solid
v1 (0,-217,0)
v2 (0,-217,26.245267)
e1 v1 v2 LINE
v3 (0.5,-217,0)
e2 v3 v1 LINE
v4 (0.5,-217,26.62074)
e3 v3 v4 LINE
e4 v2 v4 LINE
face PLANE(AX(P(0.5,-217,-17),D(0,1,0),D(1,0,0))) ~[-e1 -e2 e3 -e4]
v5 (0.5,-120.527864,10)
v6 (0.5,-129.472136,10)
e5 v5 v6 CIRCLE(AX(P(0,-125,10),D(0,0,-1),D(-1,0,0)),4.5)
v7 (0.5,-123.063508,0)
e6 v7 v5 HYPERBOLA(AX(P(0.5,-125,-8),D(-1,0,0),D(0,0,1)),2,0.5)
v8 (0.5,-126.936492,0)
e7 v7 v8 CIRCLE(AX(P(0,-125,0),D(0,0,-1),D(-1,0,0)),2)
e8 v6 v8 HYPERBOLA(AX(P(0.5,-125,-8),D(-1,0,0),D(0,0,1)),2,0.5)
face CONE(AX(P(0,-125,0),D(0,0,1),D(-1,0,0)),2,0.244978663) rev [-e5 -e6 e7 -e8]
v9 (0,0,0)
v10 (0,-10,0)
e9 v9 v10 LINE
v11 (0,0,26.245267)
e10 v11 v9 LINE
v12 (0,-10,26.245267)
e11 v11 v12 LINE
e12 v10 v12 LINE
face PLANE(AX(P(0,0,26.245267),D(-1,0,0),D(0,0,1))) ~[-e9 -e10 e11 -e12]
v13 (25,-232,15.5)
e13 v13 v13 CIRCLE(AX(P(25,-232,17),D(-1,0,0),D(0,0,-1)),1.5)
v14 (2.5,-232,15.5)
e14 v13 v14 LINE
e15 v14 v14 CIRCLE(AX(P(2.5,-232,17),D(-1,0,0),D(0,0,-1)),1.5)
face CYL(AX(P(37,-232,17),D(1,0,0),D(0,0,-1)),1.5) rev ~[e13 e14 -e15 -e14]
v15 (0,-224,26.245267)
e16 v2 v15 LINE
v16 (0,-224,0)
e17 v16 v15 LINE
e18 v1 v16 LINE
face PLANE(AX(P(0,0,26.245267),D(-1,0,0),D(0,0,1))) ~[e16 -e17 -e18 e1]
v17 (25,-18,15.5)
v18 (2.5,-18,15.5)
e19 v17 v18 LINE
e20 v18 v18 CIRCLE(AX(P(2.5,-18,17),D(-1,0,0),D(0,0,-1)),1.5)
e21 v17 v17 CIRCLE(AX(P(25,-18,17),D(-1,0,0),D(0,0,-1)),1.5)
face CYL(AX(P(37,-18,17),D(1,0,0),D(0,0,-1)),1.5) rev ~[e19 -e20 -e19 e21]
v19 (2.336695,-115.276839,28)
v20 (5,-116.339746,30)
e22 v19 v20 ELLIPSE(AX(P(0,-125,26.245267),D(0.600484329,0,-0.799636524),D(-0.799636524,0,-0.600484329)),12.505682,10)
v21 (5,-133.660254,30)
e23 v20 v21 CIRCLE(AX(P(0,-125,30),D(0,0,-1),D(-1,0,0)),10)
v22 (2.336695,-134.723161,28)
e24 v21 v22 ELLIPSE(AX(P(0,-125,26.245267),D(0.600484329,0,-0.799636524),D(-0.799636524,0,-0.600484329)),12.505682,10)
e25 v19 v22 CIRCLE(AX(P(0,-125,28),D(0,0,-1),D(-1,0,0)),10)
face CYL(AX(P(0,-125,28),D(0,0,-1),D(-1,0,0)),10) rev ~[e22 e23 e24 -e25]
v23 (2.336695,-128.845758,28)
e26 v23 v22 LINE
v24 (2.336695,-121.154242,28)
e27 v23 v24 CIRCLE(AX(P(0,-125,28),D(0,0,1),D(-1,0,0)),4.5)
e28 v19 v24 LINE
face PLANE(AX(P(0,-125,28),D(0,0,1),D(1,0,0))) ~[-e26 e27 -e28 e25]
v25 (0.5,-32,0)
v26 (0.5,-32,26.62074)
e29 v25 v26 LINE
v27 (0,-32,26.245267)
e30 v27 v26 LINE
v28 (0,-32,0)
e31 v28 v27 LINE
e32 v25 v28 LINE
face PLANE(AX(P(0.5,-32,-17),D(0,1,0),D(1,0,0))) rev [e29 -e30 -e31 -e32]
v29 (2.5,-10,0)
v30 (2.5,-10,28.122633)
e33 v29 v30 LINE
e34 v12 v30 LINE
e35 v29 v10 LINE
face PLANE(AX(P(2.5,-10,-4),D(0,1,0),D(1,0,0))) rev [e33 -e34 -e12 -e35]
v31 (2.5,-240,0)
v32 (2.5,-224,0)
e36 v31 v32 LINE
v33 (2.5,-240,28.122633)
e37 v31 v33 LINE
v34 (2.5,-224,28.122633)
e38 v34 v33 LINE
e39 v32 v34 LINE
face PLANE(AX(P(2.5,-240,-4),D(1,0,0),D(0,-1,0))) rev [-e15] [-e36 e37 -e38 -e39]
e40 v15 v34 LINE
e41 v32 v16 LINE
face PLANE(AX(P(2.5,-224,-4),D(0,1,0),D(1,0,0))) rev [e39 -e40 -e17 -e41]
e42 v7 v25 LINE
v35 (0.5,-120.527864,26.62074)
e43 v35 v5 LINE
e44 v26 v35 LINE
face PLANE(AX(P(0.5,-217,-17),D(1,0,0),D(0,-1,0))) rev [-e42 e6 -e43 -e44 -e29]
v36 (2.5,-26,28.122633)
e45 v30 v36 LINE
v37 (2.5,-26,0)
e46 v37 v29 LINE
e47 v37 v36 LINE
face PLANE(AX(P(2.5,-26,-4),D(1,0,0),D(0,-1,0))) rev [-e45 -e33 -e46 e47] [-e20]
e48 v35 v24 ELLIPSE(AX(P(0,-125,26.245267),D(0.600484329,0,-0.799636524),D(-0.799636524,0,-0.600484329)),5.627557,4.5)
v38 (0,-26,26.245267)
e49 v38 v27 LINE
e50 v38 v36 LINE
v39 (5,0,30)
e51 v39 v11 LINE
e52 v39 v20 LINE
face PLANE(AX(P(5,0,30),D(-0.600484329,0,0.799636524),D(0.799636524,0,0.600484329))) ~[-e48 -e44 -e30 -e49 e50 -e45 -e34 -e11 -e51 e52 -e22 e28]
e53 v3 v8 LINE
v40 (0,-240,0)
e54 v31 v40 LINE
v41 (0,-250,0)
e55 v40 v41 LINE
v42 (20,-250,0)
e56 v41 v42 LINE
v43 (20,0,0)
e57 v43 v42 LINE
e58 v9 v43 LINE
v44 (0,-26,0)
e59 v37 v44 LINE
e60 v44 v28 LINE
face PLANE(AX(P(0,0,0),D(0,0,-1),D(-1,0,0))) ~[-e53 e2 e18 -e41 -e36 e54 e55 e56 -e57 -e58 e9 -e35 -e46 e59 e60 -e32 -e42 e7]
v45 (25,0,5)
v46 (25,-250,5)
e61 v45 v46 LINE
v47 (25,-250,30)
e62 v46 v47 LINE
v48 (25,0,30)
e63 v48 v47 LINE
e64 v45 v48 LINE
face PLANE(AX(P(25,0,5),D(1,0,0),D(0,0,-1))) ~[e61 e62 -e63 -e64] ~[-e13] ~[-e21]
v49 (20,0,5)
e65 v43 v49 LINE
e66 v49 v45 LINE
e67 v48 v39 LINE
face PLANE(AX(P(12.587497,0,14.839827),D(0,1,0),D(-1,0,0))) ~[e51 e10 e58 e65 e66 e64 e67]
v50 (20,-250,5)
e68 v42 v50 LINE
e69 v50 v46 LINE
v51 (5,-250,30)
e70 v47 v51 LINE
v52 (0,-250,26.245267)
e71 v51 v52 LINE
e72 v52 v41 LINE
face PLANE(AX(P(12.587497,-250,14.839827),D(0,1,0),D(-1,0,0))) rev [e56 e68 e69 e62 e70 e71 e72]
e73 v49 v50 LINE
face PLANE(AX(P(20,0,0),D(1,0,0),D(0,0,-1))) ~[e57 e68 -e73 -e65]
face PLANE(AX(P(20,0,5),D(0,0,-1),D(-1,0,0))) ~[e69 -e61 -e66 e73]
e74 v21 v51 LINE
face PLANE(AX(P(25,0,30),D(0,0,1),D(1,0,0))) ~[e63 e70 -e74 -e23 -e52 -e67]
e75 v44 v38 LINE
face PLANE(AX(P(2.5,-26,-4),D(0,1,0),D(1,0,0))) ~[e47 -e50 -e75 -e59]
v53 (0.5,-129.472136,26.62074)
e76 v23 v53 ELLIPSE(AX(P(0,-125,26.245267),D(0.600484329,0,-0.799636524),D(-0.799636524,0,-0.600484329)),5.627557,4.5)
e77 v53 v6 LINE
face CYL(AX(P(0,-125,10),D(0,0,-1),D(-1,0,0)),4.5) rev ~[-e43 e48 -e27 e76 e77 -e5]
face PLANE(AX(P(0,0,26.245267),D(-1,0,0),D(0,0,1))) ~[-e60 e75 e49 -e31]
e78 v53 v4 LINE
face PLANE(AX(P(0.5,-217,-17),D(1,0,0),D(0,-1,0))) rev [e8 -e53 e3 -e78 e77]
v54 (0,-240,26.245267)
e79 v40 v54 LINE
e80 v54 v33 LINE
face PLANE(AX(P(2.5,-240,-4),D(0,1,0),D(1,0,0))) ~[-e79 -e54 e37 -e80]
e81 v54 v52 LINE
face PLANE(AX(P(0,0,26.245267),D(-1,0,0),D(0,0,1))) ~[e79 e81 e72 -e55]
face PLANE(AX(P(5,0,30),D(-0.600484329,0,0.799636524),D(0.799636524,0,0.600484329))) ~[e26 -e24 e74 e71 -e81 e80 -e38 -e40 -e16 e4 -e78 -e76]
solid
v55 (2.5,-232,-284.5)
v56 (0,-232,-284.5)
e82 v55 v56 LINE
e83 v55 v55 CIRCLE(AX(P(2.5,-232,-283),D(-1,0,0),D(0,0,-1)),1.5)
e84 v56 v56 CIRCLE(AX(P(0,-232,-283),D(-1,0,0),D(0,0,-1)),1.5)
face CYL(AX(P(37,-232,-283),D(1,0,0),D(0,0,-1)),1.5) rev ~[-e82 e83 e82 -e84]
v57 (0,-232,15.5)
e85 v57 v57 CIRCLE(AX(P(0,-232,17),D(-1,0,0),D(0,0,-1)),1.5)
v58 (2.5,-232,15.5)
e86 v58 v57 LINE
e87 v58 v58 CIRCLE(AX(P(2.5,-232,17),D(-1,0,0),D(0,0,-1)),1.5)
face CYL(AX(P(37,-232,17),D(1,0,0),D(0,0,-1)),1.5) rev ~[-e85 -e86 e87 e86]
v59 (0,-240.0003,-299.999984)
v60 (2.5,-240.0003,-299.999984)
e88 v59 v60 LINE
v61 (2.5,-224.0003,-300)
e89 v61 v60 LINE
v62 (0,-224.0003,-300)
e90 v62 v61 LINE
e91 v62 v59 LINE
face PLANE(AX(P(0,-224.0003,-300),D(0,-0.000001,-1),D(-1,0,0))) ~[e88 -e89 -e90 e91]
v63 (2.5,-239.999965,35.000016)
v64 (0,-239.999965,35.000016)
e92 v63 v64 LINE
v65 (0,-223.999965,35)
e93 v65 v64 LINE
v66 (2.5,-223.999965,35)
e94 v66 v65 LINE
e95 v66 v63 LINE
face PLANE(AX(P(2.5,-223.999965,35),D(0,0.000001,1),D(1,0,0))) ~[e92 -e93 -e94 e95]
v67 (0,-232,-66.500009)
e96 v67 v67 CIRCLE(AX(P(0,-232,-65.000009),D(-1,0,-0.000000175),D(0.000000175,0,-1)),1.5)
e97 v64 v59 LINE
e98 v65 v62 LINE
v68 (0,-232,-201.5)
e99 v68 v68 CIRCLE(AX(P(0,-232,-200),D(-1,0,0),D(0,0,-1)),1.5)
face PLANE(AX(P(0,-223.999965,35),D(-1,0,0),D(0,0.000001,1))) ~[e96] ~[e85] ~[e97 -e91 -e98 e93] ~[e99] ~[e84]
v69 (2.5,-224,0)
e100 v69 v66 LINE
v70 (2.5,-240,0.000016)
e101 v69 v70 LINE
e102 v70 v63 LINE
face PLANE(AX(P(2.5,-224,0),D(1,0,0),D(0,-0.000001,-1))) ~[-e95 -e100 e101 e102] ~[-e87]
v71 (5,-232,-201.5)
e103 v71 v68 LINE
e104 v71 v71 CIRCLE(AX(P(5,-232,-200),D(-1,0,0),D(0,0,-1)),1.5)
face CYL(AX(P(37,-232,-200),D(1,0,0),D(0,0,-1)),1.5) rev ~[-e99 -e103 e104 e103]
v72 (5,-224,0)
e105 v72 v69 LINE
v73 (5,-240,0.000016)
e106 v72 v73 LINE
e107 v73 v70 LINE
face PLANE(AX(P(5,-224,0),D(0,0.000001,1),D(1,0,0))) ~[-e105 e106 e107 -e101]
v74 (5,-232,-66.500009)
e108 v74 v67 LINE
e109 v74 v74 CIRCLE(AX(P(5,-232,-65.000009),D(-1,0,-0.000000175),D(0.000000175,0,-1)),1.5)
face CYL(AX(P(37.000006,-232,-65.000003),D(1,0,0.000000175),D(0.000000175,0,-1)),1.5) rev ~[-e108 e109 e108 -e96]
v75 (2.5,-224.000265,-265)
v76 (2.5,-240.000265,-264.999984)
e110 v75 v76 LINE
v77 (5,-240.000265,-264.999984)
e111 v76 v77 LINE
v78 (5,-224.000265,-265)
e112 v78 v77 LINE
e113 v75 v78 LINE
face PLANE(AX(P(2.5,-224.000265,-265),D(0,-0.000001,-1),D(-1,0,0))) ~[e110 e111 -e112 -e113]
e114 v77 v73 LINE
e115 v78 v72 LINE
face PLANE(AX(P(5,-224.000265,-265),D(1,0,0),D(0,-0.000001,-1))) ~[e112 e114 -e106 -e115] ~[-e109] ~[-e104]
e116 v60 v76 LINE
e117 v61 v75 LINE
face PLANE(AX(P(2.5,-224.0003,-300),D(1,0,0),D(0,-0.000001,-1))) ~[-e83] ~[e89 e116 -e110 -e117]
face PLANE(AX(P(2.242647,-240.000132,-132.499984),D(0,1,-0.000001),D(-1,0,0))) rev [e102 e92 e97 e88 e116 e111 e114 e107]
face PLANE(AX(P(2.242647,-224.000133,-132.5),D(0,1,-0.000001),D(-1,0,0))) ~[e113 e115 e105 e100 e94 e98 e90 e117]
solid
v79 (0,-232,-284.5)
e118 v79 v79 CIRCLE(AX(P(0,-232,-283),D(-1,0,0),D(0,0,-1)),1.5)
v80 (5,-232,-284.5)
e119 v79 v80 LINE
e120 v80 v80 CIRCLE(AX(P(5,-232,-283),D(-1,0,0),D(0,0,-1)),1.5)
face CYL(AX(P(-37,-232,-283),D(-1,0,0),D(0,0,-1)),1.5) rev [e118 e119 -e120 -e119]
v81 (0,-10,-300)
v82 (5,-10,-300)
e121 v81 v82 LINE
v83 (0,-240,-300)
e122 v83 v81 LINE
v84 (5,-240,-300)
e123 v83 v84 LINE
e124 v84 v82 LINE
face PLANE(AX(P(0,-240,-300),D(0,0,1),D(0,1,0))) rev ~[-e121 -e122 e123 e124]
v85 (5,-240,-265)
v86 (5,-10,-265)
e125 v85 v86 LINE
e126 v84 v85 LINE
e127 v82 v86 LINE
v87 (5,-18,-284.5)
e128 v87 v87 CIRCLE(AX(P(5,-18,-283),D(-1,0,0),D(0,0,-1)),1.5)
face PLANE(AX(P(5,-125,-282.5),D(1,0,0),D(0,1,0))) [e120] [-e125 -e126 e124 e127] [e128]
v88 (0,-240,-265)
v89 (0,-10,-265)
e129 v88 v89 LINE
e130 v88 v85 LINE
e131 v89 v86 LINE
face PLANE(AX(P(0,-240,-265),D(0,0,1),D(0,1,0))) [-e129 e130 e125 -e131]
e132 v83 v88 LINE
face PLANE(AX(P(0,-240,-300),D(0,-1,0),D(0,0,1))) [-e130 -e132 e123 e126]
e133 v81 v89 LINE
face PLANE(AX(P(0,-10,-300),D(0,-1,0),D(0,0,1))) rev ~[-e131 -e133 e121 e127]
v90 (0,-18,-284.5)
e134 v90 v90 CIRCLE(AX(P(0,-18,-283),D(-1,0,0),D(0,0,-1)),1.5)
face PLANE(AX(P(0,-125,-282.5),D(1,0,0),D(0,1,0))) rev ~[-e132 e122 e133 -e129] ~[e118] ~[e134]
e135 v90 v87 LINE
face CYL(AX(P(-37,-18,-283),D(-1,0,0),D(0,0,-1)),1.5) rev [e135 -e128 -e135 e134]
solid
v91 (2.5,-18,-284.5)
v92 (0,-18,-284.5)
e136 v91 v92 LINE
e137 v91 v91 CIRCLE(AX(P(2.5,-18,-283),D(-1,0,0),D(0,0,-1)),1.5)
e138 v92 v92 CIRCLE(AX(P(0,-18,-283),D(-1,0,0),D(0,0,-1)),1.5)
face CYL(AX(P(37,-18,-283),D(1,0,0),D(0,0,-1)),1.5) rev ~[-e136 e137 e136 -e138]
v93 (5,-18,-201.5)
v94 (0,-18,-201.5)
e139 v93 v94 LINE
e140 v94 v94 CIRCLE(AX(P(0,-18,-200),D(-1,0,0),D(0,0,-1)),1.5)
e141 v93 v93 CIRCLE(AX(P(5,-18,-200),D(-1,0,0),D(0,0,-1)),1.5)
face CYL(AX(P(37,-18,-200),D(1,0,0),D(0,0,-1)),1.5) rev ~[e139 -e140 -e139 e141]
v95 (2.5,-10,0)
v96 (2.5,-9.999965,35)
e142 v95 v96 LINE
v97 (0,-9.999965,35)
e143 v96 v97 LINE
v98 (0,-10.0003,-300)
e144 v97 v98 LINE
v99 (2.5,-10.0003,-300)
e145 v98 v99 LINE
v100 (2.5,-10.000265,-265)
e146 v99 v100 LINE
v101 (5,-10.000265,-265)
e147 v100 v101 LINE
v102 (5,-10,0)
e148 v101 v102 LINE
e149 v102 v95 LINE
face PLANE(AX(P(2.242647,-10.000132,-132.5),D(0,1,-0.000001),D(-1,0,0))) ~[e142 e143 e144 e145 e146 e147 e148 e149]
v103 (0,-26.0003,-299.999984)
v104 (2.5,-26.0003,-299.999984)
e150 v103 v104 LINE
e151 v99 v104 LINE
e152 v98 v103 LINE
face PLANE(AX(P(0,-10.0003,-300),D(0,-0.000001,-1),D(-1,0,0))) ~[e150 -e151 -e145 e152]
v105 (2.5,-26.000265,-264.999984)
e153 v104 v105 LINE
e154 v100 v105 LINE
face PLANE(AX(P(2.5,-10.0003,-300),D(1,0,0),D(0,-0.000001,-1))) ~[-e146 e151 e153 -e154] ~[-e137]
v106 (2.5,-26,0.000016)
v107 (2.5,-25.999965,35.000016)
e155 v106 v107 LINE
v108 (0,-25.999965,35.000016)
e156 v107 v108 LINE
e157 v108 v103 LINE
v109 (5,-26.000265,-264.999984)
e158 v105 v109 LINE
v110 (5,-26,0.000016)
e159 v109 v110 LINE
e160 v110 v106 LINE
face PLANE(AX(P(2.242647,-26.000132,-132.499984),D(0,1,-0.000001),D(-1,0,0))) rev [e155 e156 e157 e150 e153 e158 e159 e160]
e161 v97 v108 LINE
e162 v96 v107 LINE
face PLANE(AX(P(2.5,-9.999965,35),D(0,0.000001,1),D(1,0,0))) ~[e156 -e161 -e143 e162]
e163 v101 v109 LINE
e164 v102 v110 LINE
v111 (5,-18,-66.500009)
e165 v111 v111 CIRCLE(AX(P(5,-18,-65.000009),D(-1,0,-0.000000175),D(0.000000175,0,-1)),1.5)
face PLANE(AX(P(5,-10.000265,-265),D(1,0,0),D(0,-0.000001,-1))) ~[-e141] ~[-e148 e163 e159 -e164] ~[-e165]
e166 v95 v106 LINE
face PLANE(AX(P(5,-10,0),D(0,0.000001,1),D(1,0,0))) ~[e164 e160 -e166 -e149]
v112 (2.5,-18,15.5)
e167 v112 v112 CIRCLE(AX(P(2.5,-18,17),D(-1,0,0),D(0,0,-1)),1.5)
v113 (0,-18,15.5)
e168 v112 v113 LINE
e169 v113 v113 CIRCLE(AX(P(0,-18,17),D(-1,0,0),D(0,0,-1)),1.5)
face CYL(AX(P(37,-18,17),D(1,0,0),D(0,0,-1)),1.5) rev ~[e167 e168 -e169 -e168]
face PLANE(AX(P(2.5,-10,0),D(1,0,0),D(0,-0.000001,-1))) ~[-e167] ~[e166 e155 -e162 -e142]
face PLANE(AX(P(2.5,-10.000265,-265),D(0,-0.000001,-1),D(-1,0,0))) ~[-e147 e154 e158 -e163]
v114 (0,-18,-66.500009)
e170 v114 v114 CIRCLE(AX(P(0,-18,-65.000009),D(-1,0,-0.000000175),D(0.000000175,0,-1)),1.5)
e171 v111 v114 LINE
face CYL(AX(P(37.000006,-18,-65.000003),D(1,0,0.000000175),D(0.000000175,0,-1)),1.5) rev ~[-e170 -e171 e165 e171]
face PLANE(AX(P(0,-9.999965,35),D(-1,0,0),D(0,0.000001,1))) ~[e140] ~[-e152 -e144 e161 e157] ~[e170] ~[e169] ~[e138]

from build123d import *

# Parameters (mm, degrees)
CYLINDER009_R               = 1.5
CYLINDER009_DEPTH           = 47
CYLINDER009_PITCH_ANGLE     = 90
CYLINDER004_R               = 1.5
CYLINDER004_DEPTH           = 47
CYLINDER004_PITCH_ANGLE     = 90
SKETCH002_W                 = 230
SKETCH002_H                 = 35
PAD003_DEPTH                = 5
CYLINDER003_R               = 1.5
CYLINDER003_DEPTH           = 47
CYLINDER003_PITCH_ANGLE     = 90
CYLINDER002_R               = 1.5
CYLINDER002_DEPTH           = 47
CYLINDER002_PITCH_ANGLE     = 90
CYLINDER_R                  = 10
CYLINDER_DEPTH              = 2
CYLINDER001_R               = 4.5
CYLINDER001_DEPTH           = 20
BOX002_W                    = 2.6
BOX002_H                    = 185
BOX002_DEPTH                = 45
BOX_W                       = 6.6
BOX_H                       = 16
BOX_DEPTH                   = 45
BOX001_W                    = 7.6
BOX001_H                    = 16
BOX001_DEPTH                = 45
PAD_DEPTH                   = 250
CYLINDER008_R               = 1.5
CYLINDER008_DEPTH           = 47
CYLINDER008_PITCH_ANGLE     = 90
CYLINDER011_R               = 1.5
CYLINDER011_DEPTH           = 47
CYLINDER011_PITCH_ANGLE     = 90
CYLINDER012_R               = 1.5
CYLINDER012_DEPTH           = 47
CYLINDER012_PITCH_ANGLE     = 90
CYLINDER006_R               = 1.5
CYLINDER006_DEPTH           = 47
CYLINDER006_PLACEMENT_ANGLE = 90.00001
PAD002_DEPTH                = 16


with BuildPart() as cylinder009:
    # Cylinder009 → Cylinder009 (new body)
    with BuildSketch(Plane.XY):
        Circle(CYLINDER009_R)
    extrude(amount=CYLINDER009_DEPTH)


with BuildPart() as cylinder009_1:
    # Cylinder009 pitch: moved
    add(cylinder009.part.rotate(Axis((0, 0, 0), (0, 1, 0)), CYLINDER009_PITCH_ANGLE))


with BuildPart() as cylinder009_2:
    # Cylinder009 placement: moved
    add(cylinder009_1.part.moved(Location((-37, -18, -283))))


with BuildPart() as bottom_holes:
    # Cylinder004 → Cylinder004 (new body)
    with BuildSketch(Plane.XY):
        Circle(CYLINDER004_R)
    extrude(amount=CYLINDER004_DEPTH)


with BuildPart() as bottom_holes_1:
    # Cylinder004 pitch: moved
    add(bottom_holes.part.rotate(Axis((0, 0, 0), (0, 1, 0)), CYLINDER004_PITCH_ANGLE))


with BuildPart() as bottom_holes_2:
    # Cylinder004 placement: moved
    add(bottom_holes_1.part.moved(Location((-37, -232, -283))))

    # Fusion003: union Cylinder009
    add(cylinder009_2.part)


with BuildPart() as bottom_final:
    # Sketch002 → Pad003 (new body)
    with BuildSketch(Plane.YZ):
        with Locations((-125, -282.5)):
            Rectangle(SKETCH002_W, SKETCH002_H)
    extrude(amount=PAD003_DEPTH)

    # Cut003: cut Bottom holes
    add(bottom_holes_2.part, mode=Mode.SUBTRACT)


with BuildPart() as cylinder003:
    # Cylinder003 → Cylinder003 (new body)
    with BuildSketch(Plane.XY):
        Circle(CYLINDER003_R)
    extrude(amount=CYLINDER003_DEPTH)


with BuildPart() as cylinder003_1:
    # Cylinder003 pitch: moved
    add(cylinder003.part.rotate(Axis((0, 0, 0), (0, 1, 0)), CYLINDER003_PITCH_ANGLE))


with BuildPart() as cylinder003_2:
    # Cylinder003 placement: moved
    add(cylinder003_1.part.moved(Location((-37, -232, 17))))


with BuildPart() as fusion002:
    # Cylinder002 → Cylinder002 (new body)
    with BuildSketch(Plane.XY):
        Circle(CYLINDER002_R)
    extrude(amount=CYLINDER002_DEPTH)


with BuildPart() as fusion002_1:
    # Cylinder002 pitch: moved
    add(fusion002.part.rotate(Axis((0, 0, 0), (0, 1, 0)), CYLINDER002_PITCH_ANGLE))


with BuildPart() as fusion002_2:
    # Cylinder002 placement: moved
    add(fusion002_1.part.moved(Location((-37, -18, 17))))

    # Fusion002: union Cylinder003
    add(cylinder003_2.part)


with BuildPart() as cone:
    # Cone → Cone (revolve)
    with BuildSketch(Plane.XZ):
        Polygon((0, 0), (2, 0), (4.5, 10), (0, 10), align=None)
    revolve(axis=Axis((0, 0, 0), (0, 0, 1)))


with BuildPart() as cylinder:
    # Cylinder → Cylinder (new body)
    with BuildSketch(Plane.XY.offset(28)):
        Circle(CYLINDER_R)
    extrude(amount=CYLINDER_DEPTH)


with BuildPart() as fusion:
    # Cylinder001 → Cylinder001 (new body)
    with BuildSketch(Plane.XY.offset(10)):
        Circle(CYLINDER001_R)
    extrude(amount=CYLINDER001_DEPTH)

    # Fusion: union Cone, Cylinder
    add(cone.part)
    add(cylinder.part)


with BuildPart() as fusion_1:
    # Fusion placement: moved
    add(fusion.part.moved(Location((0, -125, 0))))


with BuildPart() as box002:
    # Box002 → Box002 (new body)
    with BuildSketch(Plane(origin=(-0.5, -217, -17), x_dir=(1, 0, 0), z_dir=(0, 0, 1))):
        with Locations((1.3, 92.5)):
            Rectangle(BOX002_W, BOX002_H)
    extrude(amount=BOX002_DEPTH)


with BuildPart() as box:
    # Box → Box (new body)
    with BuildSketch(Plane(origin=(-2.5, -26, -4), x_dir=(1, 0, 0), z_dir=(0, 0, 1))):
        with Locations((3.3, 8)):
            Rectangle(BOX_W, BOX_H)
    extrude(amount=BOX_DEPTH)


with BuildPart() as fusion001:
    # Box001 → Box001 (new body)
    with BuildSketch(Plane(origin=(-2.5, -240, -4), x_dir=(1, 0, 0), z_dir=(0, 0, 1))):
        with Locations((3.8, 8)):
            Rectangle(BOX001_W, BOX001_H)
    extrude(amount=BOX001_DEPTH)

    # Fusion001: union Box002, Box
    add(box002.part)
    add(box.part)


with BuildPart() as top_final:
    # Sketch → Pad (new body)
    with BuildSketch(Plane.XZ):
        Polygon((-20, 0), (-20, 5), (-25, 5), (-25, 30), (-5, 30), (0, 26.245267), (0, 0), align=None)
    extrude(amount=PAD_DEPTH)

    # Cut: cut Fusion001
    add(fusion001.part, mode=Mode.SUBTRACT)

    # Cut001: cut Fusion
    add(fusion_1.part, mode=Mode.SUBTRACT)

    # Cut002: cut Fusion002
    add(fusion002_2.part, mode=Mode.SUBTRACT)


with BuildPart() as part_mirroring:
    # Part__Mirroring: instance of Top-final
    add(top_final.part.mirror(Plane(origin=(0, 0, 0), x_dir=(0, -1, 0), z_dir=(1, 0, 0))))


with BuildPart() as cylinder008:
    # Cylinder008 → Cylinder008 (new body)
    with BuildSketch(Plane.XY):
        Circle(CYLINDER008_R)
    extrude(amount=CYLINDER008_DEPTH)


with BuildPart() as cylinder008_1:
    # Cylinder008 pitch: moved
    add(cylinder008.part.rotate(Axis((0, 0, 0), (0, 1, 0)), CYLINDER008_PITCH_ANGLE))


with BuildPart() as cylinder008_2:
    # Cylinder008 placement: moved
    add(cylinder008_1.part.moved(Location((-37, -18, -200))))


with BuildPart() as cylinder011:
    # Cylinder011 → Cylinder011 (new body)
    with BuildSketch(Plane.XY):
        Circle(CYLINDER011_R)
    extrude(amount=CYLINDER011_DEPTH)


with BuildPart() as cylinder011_1:
    # Cylinder011 pitch: moved
    add(cylinder011.part.rotate(Axis((0, 0, 0), (0, 1, 0)), CYLINDER011_PITCH_ANGLE))


with BuildPart() as cylinder011_2:
    # Cylinder011 placement: moved
    add(cylinder011_1.part.moved(Location((-37, -18, -283))))


with BuildPart() as cylinder012:
    # Cylinder012 → Cylinder012 (new body)
    with BuildSketch(Plane.XY):
        Circle(CYLINDER012_R)
    extrude(amount=CYLINDER012_DEPTH)


with BuildPart() as cylinder012_1:
    # Cylinder012 pitch: moved
    add(cylinder012.part.rotate(Axis((0, 0, 0), (0, 1, 0)), CYLINDER012_PITCH_ANGLE))


with BuildPart() as cylinder012_2:
    # Cylinder012 placement: moved
    add(cylinder012_1.part.moved(Location((-37, -18, 17))))


with BuildPart() as side_holes:
    # Cylinder006 → Cylinder006 (new body)
    with BuildSketch(Plane.XY):
        Circle(CYLINDER006_R)
    extrude(amount=CYLINDER006_DEPTH)


with BuildPart() as side_holes_1:
    # Cylinder006 placement: moved
    add(side_holes.part.moved(Location((-37.000006, -18, -65.000003))).rotate(Axis((-37.000006, -18, -65.000003), (0, 1, 0)), CYLINDER006_PLACEMENT_ANGLE))

    # Fusion004: union Cylinder008, Cylinder011, Cylinder012
    add(cylinder008_2.part)
    add(cylinder011_2.part)
    add(cylinder012_2.part)


with BuildPart() as side:
    # Sketch001 → Pad002 (new body)
    with BuildSketch(Plane(origin=(0, -10, 0), x_dir=(1, 0, 0), z_dir=(0, -1, 1e-06))):
        Polygon((-5, -265), (-5, 0), (-2.5, 0), (-2.5, 35), (0, 35), (0, -300), (-2.5, -300), (-2.5, -265), align=None)
    extrude(amount=PAD002_DEPTH)


with BuildPart() as side_final:
    # Cut004 base: copy of side
    add(side.part)

    # Cut004: cut Side holes
    add(side_holes_1.part, mode=Mode.SUBTRACT)


with BuildPart() as part_mirroring001:
    # Part__Mirroring001: instance of Side-final
    add(side_final.part.mirror(Plane(origin=(0, 0, 0), x_dir=(0, -1, 0), z_dir=(1, 0, 0))))


with BuildPart() as side_final001:
    # Cut005 base: copy of side
    add(side.part)

    # Cut005: cut Side holes
    add(side_holes_1.part, mode=Mode.SUBTRACT)


with BuildPart() as side_final001_1:
    # Cut005 placement: moved
    add(side_final001.part.moved(Location((0, -214, 0))))


with BuildPart() as part_mirroring002:
    # Part__Mirroring002: instance of Side-final001
    add(side_final001_1.part.mirror(Plane(origin=(0, 0, 0), x_dir=(0, -1, 0), z_dir=(1, 0, 0))))


solid = Compound([bottom_final.part, part_mirroring.part, part_mirroring001.part, part_mirroring002.part])
